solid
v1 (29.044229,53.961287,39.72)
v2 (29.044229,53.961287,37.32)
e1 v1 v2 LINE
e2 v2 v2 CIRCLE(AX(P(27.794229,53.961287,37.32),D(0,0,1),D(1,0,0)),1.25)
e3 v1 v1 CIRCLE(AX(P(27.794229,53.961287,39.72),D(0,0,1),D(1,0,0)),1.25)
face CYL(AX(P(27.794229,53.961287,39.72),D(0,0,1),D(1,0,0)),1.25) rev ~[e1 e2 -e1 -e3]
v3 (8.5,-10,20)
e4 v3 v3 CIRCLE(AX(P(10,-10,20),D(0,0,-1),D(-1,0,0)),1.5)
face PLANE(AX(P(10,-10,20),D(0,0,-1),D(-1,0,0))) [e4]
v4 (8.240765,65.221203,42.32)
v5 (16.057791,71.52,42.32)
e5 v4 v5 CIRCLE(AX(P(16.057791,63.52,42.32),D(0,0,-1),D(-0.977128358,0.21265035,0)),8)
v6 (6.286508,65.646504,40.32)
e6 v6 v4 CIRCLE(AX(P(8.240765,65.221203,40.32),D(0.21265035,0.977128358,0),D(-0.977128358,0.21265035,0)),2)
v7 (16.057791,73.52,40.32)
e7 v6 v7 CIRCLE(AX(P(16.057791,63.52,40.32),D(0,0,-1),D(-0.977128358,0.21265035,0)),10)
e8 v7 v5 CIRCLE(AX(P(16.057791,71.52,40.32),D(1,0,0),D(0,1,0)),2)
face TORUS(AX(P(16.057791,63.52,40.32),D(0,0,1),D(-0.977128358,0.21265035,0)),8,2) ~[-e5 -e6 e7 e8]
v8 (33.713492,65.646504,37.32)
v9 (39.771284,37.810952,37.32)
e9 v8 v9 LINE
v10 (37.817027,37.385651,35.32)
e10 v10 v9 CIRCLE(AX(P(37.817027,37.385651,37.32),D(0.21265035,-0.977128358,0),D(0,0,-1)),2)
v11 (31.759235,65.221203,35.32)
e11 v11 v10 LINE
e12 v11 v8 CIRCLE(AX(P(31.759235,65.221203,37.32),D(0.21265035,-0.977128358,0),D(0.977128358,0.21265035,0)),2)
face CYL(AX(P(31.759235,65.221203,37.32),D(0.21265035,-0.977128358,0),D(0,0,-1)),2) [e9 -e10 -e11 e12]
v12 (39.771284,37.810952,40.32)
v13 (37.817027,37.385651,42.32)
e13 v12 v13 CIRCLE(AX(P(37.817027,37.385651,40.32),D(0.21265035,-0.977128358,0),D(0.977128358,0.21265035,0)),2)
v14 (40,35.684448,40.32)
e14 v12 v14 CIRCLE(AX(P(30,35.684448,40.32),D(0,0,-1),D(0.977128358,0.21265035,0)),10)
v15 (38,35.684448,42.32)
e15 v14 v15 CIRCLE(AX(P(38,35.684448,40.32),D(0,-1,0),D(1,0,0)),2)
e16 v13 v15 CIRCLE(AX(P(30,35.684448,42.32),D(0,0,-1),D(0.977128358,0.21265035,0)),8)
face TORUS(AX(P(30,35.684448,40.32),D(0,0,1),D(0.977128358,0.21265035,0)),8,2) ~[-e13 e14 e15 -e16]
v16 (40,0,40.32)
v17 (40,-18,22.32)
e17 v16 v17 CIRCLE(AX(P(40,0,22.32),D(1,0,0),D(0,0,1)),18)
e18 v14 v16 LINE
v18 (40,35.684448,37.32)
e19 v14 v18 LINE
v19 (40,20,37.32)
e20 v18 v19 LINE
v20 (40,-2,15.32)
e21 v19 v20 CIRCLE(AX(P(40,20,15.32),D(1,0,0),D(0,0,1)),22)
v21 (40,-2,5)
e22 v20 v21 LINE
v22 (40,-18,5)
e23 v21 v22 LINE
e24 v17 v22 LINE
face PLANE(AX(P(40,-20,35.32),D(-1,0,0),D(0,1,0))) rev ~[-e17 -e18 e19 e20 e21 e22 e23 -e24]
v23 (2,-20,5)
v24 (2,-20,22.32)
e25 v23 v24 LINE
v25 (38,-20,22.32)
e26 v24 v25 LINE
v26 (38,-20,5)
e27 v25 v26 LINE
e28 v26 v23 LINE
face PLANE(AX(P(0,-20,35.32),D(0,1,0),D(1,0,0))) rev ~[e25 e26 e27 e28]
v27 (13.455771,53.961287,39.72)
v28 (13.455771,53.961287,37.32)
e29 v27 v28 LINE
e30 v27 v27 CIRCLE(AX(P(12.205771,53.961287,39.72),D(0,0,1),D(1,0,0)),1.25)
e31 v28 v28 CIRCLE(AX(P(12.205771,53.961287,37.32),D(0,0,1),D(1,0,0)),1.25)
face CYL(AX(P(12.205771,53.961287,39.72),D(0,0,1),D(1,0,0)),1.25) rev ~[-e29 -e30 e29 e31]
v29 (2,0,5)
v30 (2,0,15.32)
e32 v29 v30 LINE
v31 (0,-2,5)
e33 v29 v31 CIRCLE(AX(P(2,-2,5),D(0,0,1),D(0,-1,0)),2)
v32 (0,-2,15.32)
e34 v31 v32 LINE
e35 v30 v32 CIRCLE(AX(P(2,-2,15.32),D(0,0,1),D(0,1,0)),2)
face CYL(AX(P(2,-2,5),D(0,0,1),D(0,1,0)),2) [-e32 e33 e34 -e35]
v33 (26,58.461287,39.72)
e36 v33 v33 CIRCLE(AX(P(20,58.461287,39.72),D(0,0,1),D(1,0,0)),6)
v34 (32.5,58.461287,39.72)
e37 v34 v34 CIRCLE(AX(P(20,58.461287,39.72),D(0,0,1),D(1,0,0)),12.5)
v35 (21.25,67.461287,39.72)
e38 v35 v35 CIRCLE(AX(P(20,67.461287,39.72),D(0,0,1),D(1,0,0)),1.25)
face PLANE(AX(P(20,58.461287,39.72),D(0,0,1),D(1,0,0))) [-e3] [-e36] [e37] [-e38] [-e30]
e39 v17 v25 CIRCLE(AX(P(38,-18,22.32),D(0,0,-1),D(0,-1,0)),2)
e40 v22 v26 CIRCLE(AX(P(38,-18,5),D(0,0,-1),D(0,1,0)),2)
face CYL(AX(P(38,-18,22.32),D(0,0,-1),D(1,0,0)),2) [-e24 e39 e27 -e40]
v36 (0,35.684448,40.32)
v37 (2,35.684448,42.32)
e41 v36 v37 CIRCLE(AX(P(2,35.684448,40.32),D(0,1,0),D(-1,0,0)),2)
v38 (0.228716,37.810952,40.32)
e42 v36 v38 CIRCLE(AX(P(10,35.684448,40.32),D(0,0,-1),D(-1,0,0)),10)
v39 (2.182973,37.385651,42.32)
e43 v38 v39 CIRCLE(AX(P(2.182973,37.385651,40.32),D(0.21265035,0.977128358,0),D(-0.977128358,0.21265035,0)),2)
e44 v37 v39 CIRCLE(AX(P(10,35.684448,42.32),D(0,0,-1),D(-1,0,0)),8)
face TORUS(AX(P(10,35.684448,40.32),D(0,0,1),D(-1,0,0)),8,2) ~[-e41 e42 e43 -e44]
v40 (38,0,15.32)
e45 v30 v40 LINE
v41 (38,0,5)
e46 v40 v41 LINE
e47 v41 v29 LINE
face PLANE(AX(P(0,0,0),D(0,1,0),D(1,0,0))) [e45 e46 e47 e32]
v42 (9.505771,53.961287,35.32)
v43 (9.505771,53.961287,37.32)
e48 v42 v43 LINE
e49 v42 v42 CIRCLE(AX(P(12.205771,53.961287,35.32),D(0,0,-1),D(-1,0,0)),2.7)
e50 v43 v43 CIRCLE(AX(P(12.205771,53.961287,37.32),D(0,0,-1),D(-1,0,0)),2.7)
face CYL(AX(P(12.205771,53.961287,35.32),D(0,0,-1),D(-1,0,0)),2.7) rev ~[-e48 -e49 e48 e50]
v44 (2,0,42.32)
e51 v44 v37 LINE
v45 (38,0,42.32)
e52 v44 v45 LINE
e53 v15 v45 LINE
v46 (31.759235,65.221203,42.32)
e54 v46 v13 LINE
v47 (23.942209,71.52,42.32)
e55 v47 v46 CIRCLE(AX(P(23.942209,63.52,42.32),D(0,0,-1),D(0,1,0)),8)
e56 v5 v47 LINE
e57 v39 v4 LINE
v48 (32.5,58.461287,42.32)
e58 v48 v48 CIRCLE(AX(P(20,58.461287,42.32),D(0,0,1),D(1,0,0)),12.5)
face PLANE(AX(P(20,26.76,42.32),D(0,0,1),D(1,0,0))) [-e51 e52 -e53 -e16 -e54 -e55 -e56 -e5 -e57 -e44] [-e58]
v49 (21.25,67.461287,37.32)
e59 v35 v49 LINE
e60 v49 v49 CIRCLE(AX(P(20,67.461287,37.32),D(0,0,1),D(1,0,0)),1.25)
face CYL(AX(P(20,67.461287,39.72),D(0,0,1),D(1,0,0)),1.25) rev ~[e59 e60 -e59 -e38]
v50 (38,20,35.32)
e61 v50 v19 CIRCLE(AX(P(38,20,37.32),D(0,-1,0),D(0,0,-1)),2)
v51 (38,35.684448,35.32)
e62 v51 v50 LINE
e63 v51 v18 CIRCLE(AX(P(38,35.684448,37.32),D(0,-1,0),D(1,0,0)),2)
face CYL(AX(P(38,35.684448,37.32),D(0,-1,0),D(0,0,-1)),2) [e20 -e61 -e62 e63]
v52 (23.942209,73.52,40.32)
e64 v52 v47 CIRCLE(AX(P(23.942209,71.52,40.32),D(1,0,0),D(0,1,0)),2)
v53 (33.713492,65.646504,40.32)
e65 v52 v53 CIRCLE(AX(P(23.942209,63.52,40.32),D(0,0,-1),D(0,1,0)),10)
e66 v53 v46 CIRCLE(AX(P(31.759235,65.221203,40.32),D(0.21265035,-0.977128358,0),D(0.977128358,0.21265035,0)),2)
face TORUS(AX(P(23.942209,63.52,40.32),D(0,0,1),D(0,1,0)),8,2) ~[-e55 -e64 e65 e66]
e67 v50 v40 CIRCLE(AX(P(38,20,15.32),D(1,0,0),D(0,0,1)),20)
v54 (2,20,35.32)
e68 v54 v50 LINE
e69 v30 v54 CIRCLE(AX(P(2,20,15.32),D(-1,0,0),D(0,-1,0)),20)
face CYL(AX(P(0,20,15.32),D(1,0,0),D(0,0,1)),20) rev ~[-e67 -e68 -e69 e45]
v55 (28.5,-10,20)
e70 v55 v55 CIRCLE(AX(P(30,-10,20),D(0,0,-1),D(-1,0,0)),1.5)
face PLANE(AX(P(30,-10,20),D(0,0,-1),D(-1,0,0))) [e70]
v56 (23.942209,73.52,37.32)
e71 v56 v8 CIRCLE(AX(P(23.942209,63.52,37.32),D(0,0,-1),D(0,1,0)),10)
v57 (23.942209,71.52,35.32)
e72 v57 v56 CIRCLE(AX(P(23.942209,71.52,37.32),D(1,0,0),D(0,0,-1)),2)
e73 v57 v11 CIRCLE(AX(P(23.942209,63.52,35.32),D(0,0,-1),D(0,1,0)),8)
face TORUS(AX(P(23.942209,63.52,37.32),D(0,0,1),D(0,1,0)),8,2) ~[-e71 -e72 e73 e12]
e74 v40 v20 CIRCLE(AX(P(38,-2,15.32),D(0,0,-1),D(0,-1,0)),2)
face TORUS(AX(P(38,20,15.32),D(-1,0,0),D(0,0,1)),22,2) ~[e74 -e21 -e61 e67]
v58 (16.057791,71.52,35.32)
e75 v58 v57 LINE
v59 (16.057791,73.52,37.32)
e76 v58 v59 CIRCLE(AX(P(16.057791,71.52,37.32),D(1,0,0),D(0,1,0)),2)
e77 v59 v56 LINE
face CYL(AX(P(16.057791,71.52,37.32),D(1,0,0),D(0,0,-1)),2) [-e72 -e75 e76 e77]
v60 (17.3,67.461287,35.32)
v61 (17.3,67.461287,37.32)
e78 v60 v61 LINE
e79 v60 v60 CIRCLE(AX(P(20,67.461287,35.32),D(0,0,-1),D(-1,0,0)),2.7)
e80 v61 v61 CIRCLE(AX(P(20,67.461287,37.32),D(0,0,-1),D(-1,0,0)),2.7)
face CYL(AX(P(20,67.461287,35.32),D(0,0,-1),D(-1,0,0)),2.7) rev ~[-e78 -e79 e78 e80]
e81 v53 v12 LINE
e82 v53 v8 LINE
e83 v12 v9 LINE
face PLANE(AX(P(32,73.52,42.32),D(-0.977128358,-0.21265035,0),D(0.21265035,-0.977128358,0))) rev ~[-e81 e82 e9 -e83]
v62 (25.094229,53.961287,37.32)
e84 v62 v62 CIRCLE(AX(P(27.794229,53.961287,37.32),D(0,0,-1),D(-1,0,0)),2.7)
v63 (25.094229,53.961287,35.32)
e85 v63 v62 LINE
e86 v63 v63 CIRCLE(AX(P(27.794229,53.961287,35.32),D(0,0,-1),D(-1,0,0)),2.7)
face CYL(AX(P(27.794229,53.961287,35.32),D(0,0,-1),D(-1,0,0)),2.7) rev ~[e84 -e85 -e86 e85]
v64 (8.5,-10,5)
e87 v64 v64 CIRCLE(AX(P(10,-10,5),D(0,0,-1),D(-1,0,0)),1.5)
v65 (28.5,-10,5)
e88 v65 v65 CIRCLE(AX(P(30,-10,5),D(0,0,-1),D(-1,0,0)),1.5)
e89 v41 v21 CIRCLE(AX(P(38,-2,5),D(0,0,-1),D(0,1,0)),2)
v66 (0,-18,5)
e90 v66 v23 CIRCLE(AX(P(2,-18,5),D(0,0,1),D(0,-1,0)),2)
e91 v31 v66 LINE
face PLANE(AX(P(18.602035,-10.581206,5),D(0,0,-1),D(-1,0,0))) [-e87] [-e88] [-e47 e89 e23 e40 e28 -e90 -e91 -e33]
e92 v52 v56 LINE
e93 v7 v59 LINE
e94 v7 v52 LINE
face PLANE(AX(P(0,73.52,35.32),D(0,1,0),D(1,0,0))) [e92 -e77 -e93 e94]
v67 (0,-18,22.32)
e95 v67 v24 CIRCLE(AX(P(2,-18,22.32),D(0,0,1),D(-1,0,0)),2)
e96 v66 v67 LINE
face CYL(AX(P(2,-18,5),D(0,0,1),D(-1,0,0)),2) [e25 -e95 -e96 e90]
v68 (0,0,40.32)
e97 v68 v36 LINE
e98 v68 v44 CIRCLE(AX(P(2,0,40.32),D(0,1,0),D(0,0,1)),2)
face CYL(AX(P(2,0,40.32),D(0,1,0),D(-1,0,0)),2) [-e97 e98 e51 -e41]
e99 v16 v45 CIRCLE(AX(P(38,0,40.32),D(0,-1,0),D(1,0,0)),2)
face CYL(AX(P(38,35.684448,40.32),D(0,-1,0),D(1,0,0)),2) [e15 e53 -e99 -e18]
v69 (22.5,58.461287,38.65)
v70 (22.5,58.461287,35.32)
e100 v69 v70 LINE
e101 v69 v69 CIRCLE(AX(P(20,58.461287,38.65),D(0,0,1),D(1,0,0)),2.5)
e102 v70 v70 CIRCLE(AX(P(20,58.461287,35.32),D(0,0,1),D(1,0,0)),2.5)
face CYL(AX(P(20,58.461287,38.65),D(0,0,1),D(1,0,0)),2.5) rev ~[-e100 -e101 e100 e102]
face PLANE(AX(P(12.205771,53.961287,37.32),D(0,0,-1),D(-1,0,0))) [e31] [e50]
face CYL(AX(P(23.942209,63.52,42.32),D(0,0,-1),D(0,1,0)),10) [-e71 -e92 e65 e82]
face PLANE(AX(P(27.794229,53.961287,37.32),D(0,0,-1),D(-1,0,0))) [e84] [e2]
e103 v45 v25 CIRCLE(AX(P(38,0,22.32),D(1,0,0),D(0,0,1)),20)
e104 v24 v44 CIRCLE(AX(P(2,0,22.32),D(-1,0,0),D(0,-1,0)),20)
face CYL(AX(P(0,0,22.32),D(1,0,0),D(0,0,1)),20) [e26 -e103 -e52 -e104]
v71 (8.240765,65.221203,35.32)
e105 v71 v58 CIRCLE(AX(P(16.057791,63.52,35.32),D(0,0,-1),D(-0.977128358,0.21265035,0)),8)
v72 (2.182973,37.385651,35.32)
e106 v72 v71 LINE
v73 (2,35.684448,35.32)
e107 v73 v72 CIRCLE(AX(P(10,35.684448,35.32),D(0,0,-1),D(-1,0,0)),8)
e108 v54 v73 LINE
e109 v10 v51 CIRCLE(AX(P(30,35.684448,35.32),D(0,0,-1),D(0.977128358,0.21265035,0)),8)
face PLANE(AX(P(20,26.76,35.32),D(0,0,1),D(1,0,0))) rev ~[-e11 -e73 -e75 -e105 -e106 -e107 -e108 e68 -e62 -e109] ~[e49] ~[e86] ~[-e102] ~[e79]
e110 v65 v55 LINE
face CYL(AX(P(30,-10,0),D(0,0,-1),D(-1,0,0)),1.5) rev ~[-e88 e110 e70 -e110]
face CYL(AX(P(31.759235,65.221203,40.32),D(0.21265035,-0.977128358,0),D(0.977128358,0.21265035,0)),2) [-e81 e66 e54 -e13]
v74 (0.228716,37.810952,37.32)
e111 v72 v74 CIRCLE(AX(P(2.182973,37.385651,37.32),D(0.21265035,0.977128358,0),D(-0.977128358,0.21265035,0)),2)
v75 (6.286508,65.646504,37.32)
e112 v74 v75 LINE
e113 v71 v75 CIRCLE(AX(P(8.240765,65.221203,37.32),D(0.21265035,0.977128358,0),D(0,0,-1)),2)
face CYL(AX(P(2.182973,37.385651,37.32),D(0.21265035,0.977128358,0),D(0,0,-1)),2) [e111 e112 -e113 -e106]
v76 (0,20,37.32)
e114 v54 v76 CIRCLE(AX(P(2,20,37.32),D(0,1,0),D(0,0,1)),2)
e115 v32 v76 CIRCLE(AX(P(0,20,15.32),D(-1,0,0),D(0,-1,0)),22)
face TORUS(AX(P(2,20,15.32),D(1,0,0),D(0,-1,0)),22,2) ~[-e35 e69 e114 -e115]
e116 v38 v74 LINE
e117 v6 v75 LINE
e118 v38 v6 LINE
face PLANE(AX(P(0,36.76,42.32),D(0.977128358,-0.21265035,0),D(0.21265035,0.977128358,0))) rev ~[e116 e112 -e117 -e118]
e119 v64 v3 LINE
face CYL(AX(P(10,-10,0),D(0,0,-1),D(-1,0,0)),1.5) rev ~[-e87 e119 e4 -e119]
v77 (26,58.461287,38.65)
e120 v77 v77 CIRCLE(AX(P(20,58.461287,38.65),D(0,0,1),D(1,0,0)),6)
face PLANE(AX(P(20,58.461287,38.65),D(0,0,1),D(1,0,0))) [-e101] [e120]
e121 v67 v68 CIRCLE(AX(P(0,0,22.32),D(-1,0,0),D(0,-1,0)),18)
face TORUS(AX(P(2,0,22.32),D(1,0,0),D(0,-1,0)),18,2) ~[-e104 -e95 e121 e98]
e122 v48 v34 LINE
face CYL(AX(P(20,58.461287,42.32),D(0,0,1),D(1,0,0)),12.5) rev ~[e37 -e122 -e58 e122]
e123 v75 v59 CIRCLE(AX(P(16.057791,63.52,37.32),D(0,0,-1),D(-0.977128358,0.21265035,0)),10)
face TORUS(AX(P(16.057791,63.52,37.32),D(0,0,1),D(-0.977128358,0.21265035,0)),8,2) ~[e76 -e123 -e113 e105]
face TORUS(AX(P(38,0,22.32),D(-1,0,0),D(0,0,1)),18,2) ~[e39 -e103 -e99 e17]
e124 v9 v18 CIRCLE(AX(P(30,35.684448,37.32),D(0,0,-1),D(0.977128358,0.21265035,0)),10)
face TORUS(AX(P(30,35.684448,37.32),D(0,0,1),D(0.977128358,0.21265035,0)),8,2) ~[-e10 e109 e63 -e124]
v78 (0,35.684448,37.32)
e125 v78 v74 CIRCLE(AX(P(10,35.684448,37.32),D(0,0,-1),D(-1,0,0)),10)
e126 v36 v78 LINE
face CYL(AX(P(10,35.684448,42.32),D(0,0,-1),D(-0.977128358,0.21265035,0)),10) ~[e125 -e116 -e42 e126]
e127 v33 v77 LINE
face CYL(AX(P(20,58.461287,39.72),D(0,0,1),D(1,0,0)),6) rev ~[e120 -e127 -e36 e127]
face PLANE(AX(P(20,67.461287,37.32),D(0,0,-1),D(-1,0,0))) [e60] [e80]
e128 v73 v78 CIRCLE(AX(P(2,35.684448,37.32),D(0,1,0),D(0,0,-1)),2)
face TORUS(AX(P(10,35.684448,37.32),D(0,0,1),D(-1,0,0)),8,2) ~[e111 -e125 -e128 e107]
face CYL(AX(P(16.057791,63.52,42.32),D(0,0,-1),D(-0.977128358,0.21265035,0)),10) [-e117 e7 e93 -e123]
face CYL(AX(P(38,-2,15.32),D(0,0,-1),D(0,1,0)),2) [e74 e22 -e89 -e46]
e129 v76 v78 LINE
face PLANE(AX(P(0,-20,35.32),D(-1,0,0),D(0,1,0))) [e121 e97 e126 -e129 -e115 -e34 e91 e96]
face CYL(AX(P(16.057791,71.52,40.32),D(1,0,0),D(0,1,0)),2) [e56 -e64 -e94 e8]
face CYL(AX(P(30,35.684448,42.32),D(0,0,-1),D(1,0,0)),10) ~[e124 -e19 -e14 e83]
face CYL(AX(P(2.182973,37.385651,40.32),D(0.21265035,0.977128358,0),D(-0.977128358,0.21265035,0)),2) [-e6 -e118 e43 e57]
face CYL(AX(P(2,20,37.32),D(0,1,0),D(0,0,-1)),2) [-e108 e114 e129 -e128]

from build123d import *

# Parameters (mm, degrees)
SKETCH1_W           = 40
SKETCH1_H           = 20
BOSS_EXTRUDE4_DEPTH = 35.32
SKETCH3_W           = 40
SKETCH3_H           = 93.52
BOSS_EXTRUDE5_DEPTH = 7
SKETCH4_R           = 12.5
CUT_EXTRUDE1_DEPTH  = 2.6
SKETCH5_R           = 6
CUT_EXTRUDE2_DEPTH  = 1.07
SKETCH6_R           = 2.5
CUT_EXTRUDE3_DEPTH  = 4
SKETCH7_R           = 1.25
CUT_EXTRUDE5_DEPTH  = 6
SKETCH9_R           = 2.7
CUT_EXTRUDE6_DEPTH  = 2
SKETCH10_R          = 1.5
CUT_EXTRUDE8_DEPTH  = 20
FILLET1_R           = 20
FILLET2_R           = 20
SKETCH11_W          = 45.672001295
SKETCH11_H          = 21.162412363
CUT_EXTRUDE9_DEPTH  = 5
CUT_EXTRUDE10_DEPTH = 10
FILLET5_R           = 10
FILLET6_R           = 10
FILLET7_R           = 10
FILLET8_R           = 10
FILLET9_R           = 2
FILLET10_R          = 2


with BuildPart() as part:
    # Sketch1 → Boss-Extrude4 (new body)
    with BuildSketch(Plane.XY):
        with Locations((20, -10)):
            Rectangle(SKETCH1_W, SKETCH1_H)
    extrude(amount=BOSS_EXTRUDE4_DEPTH)

    # Sketch3 → Boss-Extrude5 (add)
    with BuildSketch(Plane.XY.offset(35.32)):
        with Locations((20, 26.76)):
            Rectangle(SKETCH3_W, SKETCH3_H)
    extrude(amount=BOSS_EXTRUDE5_DEPTH)

    # Sketch4 → Cut-Extrude1 (cut)
    with BuildSketch(Plane.XY.offset(42.32)):
        with Locations((20, 58.46128741)):
            Circle(SKETCH4_R)
    extrude(amount=-CUT_EXTRUDE1_DEPTH, mode=Mode.SUBTRACT)

    # Sketch5 → Cut-Extrude2 (cut)
    with BuildSketch(Plane.XY.offset(39.72)):
        with Locations((20, 58.46128741)):
            Circle(SKETCH5_R)
    extrude(amount=-CUT_EXTRUDE2_DEPTH, mode=Mode.SUBTRACT)

    # Sketch6 → Cut-Extrude3 (cut)
    with BuildSketch(Plane.XY.offset(38.65)):
        with Locations((20, 58.46128741)):
            Circle(SKETCH6_R)
    extrude(amount=-CUT_EXTRUDE3_DEPTH, mode=Mode.SUBTRACT)

    # Sketch7 → Cut-Extrude5 (cut)
    with BuildSketch(Plane.XY.offset(39.72)):
        with Locations((27.794228634, 53.96128741)):
            Circle(SKETCH7_R)
        with Locations((12.205771366, 53.96128741)):
            Circle(SKETCH7_R)
        with Locations((20, 67.46128741)):
            Circle(SKETCH7_R)
    extrude(amount=-CUT_EXTRUDE5_DEPTH, mode=Mode.SUBTRACT)

    # Sketch9 → Cut-Extrude6 (cut)
    with BuildSketch(Plane(origin=(0, 0, 35.32), x_dir=(-1, 0, 0), z_dir=(0, 0, -1))):
        with Locations((-27.794228634, 53.96128741)):
            Circle(SKETCH9_R)
        with Locations((-12.205771366, 53.96128741)):
            Circle(SKETCH9_R)
        with Locations((-20, 67.46128741)):
            Circle(SKETCH9_R)
    extrude(amount=-CUT_EXTRUDE6_DEPTH, mode=Mode.SUBTRACT)

    # Sketch10 → Cut-Extrude8 (cut)
    with BuildSketch(Plane(origin=(0, 0, 0), x_dir=(-1, 0, 0), z_dir=(0, 0, -1))):
        with Locations((-30, -10)):
            Circle(SKETCH10_R)
        with Locations((-10, -10)):
            Circle(SKETCH10_R)
    extrude(amount=-CUT_EXTRUDE8_DEPTH, mode=Mode.SUBTRACT)

    # Fillet1
    fillet1_edges = [part.edges().sort_by_distance(p)[0] for p in [
        (20, 0, 35.32),
    ]]
    fillet(fillet1_edges, radius=FILLET1_R)

    # Fillet2
    fillet2_edges = [part.edges().sort_by_distance(p)[0] for p in [
        (20, -20, 42.32),
    ]]
    fillet(fillet2_edges, radius=FILLET2_R)

    # Sketch11 → Cut-Extrude9 (cut)
    with BuildSketch(Plane(origin=(0, 0, 0), x_dir=(-1, 0, 0), z_dir=(0, 0, -1))):
        with Locations((-18.602034722, -10.581206182)):
            Rectangle(SKETCH11_W, SKETCH11_H)
    extrude(amount=-CUT_EXTRUDE9_DEPTH, mode=Mode.SUBTRACT)

    # Sketch12 → Cut-Extrude10 (cut)
    with BuildSketch(Plane.XY.offset(42.32)):
        Polygon((0, 36.76), (8, 73.52), (0, 73.52), align=None)
        Polygon((32, 73.52), (40, 36.76), (40, 73.52), align=None)
    extrude(amount=-CUT_EXTRUDE10_DEPTH, mode=Mode.SUBTRACT)

    # Fillet5
    fillet5_edges = [part.edges().sort_by_distance(p)[0] for p in [
        (8, 73.52, 38.82),
    ]]
    fillet(fillet5_edges, radius=FILLET5_R)

    # Fillet6
    fillet6_edges = [part.edges().sort_by_distance(p)[0] for p in [
        (32, 73.52, 38.82),
    ]]
    fillet(fillet6_edges, radius=FILLET6_R)

    # Fillet7
    fillet7_edges = [part.edges().sort_by_distance(p)[0] for p in [
        (0, 36.76, 38.82),
    ]]
    fillet(fillet7_edges, radius=FILLET7_R)

    # Fillet8
    fillet8_edges = [part.edges().sort_by_distance(p)[0] for p in [
        (40, 36.76, 38.82),
    ]]
    fillet(fillet8_edges, radius=FILLET8_R)

    # Fillet9
    fillet9_edges = [part.edges().sort_by_distance(p)[0] for p in [
        (9.783440256, 71.306688481, 42.32),
        (36.742387874, 51.728727718, 42.32),
        (20, 73.52, 42.32),
        (30.216559744, 71.306688481, 42.32),
        (3.257612126, 51.728727718, 42.32),
        (0, 17.842224217, 42.32),
        (0.057343518, 36.753832409, 42.32),
        (39.942656482, 36.753832409, 42.32),
        (40, 17.842224217, 42.32),
        (40, -20, 13.66),
        (40, -14.142135624, 36.462135624),
        (0, -20, 13.66),
        (0, -14.142135624, 36.462135624),
    ]]
    fillet(fillet9_edges, radius=FILLET9_R)

    # Fillet10
    fillet10_edges = [part.edges().sort_by_distance(p)[0] for p in [
        (9.783440256, 71.306688481, 35.32),
        (36.742387874, 51.728727718, 35.32),
        (20, 73.52, 35.32),
        (30.216559744, 71.306688481, 35.32),
        (3.257612126, 51.728727718, 35.32),
        (0, 27.842224217, 35.32),
        (0.057343518, 36.753832409, 35.32),
        (39.942656482, 36.753832409, 35.32),
        (40, 27.842224217, 35.32),
        (0, 0, 10.16),
        (40, 0, 10.16),
        (0, 5.857864376, 29.462135624),
        (40, 5.857864376, 29.462135624),
    ]]
    fillet(fillet10_edges, radius=FILLET10_R)


solid = part.part
